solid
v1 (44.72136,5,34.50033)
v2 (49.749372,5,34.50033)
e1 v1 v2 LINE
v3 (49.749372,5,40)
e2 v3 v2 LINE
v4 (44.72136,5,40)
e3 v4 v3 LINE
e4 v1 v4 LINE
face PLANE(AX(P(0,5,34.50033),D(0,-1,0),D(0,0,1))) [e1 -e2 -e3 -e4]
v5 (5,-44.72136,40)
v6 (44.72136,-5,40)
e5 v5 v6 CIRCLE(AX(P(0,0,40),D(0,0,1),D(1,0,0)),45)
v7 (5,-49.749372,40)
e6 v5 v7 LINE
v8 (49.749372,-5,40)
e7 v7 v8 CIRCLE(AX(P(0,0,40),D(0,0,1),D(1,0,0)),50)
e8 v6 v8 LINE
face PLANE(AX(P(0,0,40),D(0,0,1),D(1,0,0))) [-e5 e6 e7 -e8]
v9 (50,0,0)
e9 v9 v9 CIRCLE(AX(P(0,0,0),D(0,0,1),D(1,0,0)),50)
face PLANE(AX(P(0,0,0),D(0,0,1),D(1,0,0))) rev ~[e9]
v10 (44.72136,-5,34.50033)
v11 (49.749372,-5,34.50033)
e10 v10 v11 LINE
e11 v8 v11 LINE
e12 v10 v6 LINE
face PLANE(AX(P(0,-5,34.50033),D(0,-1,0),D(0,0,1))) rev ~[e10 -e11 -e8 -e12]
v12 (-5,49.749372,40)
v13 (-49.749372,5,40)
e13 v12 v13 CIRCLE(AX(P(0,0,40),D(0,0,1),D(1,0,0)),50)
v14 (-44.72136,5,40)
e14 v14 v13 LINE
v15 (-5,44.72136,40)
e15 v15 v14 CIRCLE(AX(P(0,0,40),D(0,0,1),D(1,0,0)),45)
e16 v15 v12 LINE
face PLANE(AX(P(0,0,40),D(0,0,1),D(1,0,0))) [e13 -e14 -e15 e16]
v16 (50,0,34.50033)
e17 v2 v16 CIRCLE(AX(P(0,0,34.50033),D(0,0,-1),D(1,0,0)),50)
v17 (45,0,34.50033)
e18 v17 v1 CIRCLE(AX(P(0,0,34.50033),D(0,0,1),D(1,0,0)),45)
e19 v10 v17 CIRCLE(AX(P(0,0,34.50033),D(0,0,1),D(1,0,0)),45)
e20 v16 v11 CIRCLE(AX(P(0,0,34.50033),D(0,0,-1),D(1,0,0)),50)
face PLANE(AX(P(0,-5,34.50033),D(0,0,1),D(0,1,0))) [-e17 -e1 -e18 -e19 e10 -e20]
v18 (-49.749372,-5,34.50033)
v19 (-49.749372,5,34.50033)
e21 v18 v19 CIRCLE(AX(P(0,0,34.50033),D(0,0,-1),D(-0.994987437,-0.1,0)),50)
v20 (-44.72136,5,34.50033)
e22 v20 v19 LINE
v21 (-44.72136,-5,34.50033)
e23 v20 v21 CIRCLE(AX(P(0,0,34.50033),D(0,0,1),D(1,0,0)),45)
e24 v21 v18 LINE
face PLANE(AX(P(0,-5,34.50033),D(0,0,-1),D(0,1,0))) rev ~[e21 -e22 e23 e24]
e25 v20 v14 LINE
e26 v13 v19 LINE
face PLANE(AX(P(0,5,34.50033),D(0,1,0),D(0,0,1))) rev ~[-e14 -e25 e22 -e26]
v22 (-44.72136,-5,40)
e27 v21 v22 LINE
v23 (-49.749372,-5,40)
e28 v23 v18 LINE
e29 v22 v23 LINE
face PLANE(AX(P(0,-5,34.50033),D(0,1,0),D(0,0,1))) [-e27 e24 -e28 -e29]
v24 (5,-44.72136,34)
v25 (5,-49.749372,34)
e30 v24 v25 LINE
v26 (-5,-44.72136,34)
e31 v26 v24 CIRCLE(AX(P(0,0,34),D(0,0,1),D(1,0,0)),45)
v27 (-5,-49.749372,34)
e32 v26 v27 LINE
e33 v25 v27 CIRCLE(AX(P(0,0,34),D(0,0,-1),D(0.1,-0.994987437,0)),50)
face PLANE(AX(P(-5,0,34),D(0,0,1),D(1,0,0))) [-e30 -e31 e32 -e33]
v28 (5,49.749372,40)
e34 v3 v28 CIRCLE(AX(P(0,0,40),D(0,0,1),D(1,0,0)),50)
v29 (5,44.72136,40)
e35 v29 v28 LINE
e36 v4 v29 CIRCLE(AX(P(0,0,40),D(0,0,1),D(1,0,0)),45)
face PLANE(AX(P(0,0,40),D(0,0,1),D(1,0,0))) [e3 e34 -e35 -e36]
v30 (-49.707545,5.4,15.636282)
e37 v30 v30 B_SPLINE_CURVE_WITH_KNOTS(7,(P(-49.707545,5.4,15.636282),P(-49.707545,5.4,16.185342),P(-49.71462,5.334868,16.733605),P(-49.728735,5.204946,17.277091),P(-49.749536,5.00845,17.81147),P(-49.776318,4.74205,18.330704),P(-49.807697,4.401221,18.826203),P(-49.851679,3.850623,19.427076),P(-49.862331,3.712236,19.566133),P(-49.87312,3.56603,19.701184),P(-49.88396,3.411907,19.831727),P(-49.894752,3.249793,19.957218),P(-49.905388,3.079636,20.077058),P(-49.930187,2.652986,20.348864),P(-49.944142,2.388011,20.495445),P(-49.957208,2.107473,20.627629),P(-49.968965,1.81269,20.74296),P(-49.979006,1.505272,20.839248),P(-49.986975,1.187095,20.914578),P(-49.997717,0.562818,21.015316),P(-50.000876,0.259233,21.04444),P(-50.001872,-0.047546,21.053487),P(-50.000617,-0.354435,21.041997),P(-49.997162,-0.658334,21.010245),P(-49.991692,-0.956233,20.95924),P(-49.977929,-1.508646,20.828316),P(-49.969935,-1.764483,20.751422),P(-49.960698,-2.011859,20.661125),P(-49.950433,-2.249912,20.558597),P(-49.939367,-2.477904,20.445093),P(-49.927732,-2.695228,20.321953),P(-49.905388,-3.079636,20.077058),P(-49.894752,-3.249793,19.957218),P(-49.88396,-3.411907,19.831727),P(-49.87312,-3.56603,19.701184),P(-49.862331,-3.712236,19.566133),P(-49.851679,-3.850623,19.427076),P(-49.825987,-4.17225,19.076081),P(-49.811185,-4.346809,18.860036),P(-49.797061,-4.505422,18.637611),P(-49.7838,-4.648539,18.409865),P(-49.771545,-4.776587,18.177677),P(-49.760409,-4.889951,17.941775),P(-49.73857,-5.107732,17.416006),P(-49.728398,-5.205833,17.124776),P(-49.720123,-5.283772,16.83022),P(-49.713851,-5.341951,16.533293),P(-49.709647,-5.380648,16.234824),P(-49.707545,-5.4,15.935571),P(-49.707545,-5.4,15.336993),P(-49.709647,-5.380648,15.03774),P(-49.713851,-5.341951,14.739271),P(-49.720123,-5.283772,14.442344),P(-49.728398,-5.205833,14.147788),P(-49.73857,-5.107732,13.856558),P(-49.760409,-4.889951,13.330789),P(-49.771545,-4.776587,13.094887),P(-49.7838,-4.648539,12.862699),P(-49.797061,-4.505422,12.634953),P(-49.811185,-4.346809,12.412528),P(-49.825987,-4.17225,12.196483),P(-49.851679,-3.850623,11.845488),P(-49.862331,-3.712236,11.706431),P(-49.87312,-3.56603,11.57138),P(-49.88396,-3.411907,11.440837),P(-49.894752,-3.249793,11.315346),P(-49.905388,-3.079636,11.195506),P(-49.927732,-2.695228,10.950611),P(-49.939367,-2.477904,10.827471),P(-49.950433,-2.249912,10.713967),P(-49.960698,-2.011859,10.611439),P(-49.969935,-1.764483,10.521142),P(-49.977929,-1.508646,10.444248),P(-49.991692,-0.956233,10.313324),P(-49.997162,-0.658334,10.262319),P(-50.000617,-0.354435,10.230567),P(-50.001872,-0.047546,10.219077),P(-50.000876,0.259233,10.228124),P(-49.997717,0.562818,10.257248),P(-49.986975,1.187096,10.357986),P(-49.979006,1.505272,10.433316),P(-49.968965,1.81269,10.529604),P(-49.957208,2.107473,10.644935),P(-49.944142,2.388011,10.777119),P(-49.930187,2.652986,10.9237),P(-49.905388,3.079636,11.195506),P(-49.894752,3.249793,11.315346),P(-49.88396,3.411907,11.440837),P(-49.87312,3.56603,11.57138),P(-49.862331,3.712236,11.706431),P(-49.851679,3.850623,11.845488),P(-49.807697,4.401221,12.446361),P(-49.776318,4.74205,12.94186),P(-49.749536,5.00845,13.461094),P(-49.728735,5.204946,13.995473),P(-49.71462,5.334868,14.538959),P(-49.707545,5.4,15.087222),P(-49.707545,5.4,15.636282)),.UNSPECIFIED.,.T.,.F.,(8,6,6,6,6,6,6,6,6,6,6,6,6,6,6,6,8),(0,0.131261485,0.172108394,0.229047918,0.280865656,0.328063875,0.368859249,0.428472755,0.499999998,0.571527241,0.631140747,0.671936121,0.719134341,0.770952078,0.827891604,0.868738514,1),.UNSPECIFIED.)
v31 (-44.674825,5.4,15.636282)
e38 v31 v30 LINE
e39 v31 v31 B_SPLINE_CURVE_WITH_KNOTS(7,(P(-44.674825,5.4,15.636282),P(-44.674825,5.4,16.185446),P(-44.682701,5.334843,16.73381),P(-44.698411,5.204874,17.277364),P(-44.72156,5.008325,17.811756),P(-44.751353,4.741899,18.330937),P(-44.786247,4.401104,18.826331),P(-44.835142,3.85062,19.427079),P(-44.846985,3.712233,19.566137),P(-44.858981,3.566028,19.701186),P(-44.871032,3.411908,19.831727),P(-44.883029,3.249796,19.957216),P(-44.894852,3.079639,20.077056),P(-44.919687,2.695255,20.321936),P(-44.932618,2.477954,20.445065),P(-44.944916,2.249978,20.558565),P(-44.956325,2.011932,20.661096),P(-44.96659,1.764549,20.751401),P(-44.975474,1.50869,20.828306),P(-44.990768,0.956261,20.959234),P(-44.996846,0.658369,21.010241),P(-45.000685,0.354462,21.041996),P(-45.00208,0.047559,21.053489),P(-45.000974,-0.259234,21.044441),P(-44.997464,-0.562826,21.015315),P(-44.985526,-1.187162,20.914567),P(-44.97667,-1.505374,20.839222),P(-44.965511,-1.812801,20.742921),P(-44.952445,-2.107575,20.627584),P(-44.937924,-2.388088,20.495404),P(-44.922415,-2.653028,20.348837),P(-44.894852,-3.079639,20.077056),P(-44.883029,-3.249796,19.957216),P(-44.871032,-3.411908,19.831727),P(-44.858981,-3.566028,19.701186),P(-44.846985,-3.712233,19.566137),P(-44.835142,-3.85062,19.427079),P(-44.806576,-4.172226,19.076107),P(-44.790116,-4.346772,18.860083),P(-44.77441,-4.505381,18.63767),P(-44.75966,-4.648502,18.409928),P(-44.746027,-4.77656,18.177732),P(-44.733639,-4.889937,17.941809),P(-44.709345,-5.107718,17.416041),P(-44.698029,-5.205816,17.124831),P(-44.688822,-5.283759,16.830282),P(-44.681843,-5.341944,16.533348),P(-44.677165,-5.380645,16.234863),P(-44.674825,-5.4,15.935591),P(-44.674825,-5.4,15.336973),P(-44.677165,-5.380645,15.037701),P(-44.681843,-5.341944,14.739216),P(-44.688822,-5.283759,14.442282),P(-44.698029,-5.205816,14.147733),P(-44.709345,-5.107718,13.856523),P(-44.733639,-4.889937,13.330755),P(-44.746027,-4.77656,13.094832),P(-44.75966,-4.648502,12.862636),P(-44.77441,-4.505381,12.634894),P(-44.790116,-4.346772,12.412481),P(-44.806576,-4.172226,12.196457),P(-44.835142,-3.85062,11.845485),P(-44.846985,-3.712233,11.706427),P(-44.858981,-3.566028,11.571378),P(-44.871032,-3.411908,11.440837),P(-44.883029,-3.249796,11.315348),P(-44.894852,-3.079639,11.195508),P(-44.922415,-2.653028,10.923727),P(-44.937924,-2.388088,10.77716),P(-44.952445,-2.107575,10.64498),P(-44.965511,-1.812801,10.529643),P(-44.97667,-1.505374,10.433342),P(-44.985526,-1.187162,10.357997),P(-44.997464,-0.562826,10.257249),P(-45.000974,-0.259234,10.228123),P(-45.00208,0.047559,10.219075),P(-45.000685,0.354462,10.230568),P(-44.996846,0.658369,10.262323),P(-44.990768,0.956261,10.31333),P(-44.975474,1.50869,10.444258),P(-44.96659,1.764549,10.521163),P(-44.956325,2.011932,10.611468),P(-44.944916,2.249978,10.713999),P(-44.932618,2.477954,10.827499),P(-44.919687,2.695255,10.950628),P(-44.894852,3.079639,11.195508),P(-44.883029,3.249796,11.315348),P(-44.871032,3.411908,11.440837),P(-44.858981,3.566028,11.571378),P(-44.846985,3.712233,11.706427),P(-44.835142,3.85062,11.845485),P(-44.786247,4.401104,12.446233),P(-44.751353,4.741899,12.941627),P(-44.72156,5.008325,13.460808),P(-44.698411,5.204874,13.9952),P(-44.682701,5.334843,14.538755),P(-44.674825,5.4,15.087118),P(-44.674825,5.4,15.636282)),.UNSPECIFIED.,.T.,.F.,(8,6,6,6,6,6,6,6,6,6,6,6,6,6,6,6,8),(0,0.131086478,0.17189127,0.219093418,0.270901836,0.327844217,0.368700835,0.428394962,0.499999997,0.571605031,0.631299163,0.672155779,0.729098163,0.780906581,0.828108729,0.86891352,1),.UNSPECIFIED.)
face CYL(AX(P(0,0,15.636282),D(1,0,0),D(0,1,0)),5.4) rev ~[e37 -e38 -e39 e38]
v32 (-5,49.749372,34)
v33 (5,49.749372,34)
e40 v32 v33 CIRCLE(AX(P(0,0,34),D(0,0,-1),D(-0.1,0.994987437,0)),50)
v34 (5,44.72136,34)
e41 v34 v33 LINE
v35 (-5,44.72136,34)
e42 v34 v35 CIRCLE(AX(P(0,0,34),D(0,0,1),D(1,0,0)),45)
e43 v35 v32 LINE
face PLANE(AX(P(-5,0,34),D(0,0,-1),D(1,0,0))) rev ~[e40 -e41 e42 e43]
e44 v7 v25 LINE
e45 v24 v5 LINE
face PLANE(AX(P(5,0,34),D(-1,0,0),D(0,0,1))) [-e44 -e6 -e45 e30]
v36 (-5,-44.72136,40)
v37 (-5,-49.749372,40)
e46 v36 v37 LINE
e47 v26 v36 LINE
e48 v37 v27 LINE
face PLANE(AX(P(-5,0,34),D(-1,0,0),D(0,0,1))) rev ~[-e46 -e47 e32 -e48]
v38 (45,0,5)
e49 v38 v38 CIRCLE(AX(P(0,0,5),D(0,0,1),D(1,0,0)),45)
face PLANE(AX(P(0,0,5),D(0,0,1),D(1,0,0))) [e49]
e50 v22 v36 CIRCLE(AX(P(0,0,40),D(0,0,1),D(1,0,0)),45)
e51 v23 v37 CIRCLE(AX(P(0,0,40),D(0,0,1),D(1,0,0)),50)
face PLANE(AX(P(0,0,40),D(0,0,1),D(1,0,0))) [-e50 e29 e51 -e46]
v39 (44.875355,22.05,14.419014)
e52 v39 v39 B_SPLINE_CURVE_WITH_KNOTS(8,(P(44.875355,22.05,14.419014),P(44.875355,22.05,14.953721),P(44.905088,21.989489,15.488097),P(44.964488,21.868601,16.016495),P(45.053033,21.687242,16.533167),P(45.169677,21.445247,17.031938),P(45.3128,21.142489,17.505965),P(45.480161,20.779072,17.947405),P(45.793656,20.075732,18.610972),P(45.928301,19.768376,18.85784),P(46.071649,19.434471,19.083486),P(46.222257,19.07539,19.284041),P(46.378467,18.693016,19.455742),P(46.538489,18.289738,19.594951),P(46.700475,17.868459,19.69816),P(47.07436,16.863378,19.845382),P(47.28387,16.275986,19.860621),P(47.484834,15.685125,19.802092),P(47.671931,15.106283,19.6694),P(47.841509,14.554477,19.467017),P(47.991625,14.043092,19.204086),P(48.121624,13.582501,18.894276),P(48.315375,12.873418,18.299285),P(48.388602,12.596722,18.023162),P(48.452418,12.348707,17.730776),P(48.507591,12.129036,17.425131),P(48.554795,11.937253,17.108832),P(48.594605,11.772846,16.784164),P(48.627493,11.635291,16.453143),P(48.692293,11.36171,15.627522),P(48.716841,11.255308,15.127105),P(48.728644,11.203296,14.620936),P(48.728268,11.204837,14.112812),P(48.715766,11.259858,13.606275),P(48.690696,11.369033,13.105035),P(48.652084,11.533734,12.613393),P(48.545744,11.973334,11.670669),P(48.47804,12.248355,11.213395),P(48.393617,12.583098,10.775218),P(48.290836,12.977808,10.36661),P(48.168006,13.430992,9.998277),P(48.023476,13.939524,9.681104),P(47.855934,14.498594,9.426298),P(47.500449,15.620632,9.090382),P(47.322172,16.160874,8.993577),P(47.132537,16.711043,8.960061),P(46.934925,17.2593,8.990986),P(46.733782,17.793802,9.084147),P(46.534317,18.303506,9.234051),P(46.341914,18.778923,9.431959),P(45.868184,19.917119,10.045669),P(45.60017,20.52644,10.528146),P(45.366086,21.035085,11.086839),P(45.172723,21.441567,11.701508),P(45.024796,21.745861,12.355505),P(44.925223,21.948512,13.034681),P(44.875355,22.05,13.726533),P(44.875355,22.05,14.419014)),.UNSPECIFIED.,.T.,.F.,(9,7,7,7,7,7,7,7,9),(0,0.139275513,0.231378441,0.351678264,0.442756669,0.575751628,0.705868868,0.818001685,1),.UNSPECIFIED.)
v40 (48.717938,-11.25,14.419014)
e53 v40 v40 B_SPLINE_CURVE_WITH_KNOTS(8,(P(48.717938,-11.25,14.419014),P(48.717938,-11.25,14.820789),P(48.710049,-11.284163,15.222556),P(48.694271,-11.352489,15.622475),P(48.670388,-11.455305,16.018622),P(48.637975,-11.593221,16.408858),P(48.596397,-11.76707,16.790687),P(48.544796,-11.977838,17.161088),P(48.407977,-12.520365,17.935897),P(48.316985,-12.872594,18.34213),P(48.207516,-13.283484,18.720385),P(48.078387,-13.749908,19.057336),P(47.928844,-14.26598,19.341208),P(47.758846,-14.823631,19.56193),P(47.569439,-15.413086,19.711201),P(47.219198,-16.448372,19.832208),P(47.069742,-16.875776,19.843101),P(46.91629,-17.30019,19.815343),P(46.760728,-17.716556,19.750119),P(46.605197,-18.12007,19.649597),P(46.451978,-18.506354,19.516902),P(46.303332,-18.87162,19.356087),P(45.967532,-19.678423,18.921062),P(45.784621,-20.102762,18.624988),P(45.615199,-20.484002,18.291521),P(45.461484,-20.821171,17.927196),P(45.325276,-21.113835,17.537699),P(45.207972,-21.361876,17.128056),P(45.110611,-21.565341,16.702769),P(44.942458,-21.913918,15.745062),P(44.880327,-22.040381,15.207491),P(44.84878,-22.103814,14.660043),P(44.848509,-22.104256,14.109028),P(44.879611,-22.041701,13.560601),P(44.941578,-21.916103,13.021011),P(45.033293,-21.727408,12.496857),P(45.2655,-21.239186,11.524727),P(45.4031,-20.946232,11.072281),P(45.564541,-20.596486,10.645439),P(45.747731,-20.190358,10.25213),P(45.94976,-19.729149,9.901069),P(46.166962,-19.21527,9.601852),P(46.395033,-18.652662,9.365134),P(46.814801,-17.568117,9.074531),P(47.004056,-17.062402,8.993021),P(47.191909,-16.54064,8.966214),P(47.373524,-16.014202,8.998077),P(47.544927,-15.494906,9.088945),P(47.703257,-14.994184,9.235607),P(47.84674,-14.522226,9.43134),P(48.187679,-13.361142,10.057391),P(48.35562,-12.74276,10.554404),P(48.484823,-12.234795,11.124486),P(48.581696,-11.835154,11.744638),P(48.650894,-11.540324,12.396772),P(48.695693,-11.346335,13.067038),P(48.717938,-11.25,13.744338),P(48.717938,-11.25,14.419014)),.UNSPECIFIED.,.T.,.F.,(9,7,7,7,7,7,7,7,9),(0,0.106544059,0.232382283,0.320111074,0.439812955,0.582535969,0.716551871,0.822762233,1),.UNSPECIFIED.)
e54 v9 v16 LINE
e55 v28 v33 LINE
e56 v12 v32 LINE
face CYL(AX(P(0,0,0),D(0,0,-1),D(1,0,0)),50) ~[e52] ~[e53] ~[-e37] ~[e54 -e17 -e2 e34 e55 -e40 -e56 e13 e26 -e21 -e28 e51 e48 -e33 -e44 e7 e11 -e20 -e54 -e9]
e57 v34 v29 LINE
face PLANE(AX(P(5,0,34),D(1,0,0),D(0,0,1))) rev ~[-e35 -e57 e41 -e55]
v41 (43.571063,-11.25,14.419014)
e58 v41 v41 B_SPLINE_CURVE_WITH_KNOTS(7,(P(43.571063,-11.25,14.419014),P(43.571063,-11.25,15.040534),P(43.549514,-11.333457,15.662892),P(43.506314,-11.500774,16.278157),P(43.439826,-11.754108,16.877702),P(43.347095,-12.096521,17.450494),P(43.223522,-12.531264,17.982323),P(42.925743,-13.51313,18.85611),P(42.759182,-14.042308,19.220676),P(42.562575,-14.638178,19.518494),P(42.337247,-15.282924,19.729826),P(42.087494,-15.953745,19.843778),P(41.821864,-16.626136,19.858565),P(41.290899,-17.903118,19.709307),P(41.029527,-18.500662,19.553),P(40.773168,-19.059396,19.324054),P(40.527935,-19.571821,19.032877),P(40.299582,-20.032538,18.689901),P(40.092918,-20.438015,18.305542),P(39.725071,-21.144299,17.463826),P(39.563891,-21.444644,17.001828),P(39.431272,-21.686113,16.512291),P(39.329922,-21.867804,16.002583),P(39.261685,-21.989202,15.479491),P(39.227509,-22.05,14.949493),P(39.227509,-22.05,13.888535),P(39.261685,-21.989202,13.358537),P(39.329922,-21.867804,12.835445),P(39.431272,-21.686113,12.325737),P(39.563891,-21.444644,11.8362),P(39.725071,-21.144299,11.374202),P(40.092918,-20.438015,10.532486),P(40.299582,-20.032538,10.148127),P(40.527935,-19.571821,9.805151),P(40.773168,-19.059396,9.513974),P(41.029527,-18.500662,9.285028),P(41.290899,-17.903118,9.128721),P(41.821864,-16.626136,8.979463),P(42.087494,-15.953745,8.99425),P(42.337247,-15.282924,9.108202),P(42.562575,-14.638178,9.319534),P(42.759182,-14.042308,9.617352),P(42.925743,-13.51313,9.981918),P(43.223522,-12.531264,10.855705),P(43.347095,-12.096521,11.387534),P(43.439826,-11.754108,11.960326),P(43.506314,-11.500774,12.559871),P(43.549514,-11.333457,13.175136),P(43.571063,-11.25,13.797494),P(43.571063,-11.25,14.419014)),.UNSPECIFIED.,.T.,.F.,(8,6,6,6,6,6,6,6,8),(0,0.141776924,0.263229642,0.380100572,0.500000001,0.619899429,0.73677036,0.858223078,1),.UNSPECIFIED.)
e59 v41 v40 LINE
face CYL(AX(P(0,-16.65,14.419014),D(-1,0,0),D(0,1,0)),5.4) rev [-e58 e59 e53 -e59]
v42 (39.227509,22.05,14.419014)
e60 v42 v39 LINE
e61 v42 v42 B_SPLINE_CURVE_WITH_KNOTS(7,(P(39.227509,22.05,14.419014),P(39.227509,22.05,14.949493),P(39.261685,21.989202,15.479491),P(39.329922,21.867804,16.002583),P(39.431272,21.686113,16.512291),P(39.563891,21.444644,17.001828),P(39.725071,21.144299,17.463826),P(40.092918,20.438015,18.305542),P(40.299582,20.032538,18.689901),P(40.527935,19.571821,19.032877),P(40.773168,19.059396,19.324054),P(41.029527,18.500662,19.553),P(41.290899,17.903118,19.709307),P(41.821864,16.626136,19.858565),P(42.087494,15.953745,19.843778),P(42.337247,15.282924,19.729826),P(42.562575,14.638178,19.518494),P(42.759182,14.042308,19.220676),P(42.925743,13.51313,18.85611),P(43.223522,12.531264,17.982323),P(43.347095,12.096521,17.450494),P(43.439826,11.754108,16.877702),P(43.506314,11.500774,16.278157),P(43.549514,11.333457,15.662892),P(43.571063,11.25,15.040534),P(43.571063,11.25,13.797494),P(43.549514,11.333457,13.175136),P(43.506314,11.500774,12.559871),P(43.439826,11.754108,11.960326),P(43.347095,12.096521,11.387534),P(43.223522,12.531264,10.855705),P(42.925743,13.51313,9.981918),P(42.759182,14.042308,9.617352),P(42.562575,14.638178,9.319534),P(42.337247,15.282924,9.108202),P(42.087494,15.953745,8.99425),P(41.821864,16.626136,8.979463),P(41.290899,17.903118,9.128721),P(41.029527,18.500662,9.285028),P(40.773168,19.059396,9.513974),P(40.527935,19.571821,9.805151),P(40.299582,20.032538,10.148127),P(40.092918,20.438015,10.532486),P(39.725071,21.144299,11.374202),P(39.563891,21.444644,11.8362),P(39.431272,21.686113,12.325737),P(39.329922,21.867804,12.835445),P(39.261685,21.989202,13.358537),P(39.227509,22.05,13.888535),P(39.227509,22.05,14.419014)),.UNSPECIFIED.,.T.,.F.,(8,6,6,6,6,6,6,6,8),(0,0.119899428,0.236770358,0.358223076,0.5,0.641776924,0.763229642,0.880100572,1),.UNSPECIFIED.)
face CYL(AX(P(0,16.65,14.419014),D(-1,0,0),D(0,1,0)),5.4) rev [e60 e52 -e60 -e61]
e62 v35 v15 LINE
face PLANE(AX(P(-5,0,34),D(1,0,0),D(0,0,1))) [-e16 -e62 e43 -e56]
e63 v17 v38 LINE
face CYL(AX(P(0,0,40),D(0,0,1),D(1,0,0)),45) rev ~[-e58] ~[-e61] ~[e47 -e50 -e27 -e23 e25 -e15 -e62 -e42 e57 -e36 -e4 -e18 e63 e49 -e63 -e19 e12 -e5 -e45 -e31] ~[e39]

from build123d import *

# Parameters (mm, degrees)
F0_R      = 50
F1_DEPTH  = 40
F2_R      = 45
F3_DEPTH  = 35
F4_W      = 10
F4_H      = 6
F5_DEPTH  = 50
F6_W      = 10
F6_H      = 6
F7_DEPTH  = 50
F8_W      = 10
F8_H      = 5.49967
F9_DEPTH  = 50
F10_W     = 10
F10_H     = 5.49967
F11_DEPTH = 50
F12_R     = 5.4
F13_DEPTH = 59
F14_R     = 5.4
F15_DEPTH = 55


with BuildPart() as f1:
    # F0 (on Top) → F1 (new body)
    with BuildSketch(Plane.XY):
        Circle(F0_R)
    extrude(amount=F1_DEPTH)

    # F2 (on face) → F3 (cut)
    with BuildSketch(Plane.XY.offset(40)):
        Circle(F2_R)
    extrude(amount=-F3_DEPTH, mode=Mode.SUBTRACT)

    # F4 (on Front) → F5 (cut)
    with BuildSketch(Plane.XZ):
        with Locations((0, 37)):
            Rectangle(F4_W, F4_H)
    extrude(amount=-F5_DEPTH, mode=Mode.SUBTRACT)

    # F6 (on Front) → F7 (cut)
    with BuildSketch(Plane.XZ):
        with Locations((0, 37)):
            Rectangle(F6_W, F6_H)
    extrude(amount=F7_DEPTH, mode=Mode.SUBTRACT)

    # F8 (on Right) → F9 (cut)
    with BuildSketch(Plane.YZ):
        with Locations((0, 37.250165)):
            Rectangle(F8_W, F8_H)
    extrude(amount=-F9_DEPTH, mode=Mode.SUBTRACT)

    # F10 (on Right) → F11 (cut)
    with BuildSketch(Plane.YZ):
        with Locations((0, 37.250165)):
            Rectangle(F10_W, F10_H)
    extrude(amount=F11_DEPTH, mode=Mode.SUBTRACT)

    # F12 (on Right) → F13 (cut)
    with BuildSketch(Plane.YZ):
        with Locations((-16.65, 14.419014)):
            Circle(F12_R)
        with Locations((16.65, 14.419014)):
            Circle(F12_R)
    extrude(amount=F13_DEPTH, mode=Mode.SUBTRACT)

    # F14 (on Right) → F15 (cut)
    with BuildSketch(Plane.YZ):
        with Locations((0, 15.636282)):
            Circle(F14_R)
    extrude(amount=-F15_DEPTH, mode=Mode.SUBTRACT)


solid = f1.part
